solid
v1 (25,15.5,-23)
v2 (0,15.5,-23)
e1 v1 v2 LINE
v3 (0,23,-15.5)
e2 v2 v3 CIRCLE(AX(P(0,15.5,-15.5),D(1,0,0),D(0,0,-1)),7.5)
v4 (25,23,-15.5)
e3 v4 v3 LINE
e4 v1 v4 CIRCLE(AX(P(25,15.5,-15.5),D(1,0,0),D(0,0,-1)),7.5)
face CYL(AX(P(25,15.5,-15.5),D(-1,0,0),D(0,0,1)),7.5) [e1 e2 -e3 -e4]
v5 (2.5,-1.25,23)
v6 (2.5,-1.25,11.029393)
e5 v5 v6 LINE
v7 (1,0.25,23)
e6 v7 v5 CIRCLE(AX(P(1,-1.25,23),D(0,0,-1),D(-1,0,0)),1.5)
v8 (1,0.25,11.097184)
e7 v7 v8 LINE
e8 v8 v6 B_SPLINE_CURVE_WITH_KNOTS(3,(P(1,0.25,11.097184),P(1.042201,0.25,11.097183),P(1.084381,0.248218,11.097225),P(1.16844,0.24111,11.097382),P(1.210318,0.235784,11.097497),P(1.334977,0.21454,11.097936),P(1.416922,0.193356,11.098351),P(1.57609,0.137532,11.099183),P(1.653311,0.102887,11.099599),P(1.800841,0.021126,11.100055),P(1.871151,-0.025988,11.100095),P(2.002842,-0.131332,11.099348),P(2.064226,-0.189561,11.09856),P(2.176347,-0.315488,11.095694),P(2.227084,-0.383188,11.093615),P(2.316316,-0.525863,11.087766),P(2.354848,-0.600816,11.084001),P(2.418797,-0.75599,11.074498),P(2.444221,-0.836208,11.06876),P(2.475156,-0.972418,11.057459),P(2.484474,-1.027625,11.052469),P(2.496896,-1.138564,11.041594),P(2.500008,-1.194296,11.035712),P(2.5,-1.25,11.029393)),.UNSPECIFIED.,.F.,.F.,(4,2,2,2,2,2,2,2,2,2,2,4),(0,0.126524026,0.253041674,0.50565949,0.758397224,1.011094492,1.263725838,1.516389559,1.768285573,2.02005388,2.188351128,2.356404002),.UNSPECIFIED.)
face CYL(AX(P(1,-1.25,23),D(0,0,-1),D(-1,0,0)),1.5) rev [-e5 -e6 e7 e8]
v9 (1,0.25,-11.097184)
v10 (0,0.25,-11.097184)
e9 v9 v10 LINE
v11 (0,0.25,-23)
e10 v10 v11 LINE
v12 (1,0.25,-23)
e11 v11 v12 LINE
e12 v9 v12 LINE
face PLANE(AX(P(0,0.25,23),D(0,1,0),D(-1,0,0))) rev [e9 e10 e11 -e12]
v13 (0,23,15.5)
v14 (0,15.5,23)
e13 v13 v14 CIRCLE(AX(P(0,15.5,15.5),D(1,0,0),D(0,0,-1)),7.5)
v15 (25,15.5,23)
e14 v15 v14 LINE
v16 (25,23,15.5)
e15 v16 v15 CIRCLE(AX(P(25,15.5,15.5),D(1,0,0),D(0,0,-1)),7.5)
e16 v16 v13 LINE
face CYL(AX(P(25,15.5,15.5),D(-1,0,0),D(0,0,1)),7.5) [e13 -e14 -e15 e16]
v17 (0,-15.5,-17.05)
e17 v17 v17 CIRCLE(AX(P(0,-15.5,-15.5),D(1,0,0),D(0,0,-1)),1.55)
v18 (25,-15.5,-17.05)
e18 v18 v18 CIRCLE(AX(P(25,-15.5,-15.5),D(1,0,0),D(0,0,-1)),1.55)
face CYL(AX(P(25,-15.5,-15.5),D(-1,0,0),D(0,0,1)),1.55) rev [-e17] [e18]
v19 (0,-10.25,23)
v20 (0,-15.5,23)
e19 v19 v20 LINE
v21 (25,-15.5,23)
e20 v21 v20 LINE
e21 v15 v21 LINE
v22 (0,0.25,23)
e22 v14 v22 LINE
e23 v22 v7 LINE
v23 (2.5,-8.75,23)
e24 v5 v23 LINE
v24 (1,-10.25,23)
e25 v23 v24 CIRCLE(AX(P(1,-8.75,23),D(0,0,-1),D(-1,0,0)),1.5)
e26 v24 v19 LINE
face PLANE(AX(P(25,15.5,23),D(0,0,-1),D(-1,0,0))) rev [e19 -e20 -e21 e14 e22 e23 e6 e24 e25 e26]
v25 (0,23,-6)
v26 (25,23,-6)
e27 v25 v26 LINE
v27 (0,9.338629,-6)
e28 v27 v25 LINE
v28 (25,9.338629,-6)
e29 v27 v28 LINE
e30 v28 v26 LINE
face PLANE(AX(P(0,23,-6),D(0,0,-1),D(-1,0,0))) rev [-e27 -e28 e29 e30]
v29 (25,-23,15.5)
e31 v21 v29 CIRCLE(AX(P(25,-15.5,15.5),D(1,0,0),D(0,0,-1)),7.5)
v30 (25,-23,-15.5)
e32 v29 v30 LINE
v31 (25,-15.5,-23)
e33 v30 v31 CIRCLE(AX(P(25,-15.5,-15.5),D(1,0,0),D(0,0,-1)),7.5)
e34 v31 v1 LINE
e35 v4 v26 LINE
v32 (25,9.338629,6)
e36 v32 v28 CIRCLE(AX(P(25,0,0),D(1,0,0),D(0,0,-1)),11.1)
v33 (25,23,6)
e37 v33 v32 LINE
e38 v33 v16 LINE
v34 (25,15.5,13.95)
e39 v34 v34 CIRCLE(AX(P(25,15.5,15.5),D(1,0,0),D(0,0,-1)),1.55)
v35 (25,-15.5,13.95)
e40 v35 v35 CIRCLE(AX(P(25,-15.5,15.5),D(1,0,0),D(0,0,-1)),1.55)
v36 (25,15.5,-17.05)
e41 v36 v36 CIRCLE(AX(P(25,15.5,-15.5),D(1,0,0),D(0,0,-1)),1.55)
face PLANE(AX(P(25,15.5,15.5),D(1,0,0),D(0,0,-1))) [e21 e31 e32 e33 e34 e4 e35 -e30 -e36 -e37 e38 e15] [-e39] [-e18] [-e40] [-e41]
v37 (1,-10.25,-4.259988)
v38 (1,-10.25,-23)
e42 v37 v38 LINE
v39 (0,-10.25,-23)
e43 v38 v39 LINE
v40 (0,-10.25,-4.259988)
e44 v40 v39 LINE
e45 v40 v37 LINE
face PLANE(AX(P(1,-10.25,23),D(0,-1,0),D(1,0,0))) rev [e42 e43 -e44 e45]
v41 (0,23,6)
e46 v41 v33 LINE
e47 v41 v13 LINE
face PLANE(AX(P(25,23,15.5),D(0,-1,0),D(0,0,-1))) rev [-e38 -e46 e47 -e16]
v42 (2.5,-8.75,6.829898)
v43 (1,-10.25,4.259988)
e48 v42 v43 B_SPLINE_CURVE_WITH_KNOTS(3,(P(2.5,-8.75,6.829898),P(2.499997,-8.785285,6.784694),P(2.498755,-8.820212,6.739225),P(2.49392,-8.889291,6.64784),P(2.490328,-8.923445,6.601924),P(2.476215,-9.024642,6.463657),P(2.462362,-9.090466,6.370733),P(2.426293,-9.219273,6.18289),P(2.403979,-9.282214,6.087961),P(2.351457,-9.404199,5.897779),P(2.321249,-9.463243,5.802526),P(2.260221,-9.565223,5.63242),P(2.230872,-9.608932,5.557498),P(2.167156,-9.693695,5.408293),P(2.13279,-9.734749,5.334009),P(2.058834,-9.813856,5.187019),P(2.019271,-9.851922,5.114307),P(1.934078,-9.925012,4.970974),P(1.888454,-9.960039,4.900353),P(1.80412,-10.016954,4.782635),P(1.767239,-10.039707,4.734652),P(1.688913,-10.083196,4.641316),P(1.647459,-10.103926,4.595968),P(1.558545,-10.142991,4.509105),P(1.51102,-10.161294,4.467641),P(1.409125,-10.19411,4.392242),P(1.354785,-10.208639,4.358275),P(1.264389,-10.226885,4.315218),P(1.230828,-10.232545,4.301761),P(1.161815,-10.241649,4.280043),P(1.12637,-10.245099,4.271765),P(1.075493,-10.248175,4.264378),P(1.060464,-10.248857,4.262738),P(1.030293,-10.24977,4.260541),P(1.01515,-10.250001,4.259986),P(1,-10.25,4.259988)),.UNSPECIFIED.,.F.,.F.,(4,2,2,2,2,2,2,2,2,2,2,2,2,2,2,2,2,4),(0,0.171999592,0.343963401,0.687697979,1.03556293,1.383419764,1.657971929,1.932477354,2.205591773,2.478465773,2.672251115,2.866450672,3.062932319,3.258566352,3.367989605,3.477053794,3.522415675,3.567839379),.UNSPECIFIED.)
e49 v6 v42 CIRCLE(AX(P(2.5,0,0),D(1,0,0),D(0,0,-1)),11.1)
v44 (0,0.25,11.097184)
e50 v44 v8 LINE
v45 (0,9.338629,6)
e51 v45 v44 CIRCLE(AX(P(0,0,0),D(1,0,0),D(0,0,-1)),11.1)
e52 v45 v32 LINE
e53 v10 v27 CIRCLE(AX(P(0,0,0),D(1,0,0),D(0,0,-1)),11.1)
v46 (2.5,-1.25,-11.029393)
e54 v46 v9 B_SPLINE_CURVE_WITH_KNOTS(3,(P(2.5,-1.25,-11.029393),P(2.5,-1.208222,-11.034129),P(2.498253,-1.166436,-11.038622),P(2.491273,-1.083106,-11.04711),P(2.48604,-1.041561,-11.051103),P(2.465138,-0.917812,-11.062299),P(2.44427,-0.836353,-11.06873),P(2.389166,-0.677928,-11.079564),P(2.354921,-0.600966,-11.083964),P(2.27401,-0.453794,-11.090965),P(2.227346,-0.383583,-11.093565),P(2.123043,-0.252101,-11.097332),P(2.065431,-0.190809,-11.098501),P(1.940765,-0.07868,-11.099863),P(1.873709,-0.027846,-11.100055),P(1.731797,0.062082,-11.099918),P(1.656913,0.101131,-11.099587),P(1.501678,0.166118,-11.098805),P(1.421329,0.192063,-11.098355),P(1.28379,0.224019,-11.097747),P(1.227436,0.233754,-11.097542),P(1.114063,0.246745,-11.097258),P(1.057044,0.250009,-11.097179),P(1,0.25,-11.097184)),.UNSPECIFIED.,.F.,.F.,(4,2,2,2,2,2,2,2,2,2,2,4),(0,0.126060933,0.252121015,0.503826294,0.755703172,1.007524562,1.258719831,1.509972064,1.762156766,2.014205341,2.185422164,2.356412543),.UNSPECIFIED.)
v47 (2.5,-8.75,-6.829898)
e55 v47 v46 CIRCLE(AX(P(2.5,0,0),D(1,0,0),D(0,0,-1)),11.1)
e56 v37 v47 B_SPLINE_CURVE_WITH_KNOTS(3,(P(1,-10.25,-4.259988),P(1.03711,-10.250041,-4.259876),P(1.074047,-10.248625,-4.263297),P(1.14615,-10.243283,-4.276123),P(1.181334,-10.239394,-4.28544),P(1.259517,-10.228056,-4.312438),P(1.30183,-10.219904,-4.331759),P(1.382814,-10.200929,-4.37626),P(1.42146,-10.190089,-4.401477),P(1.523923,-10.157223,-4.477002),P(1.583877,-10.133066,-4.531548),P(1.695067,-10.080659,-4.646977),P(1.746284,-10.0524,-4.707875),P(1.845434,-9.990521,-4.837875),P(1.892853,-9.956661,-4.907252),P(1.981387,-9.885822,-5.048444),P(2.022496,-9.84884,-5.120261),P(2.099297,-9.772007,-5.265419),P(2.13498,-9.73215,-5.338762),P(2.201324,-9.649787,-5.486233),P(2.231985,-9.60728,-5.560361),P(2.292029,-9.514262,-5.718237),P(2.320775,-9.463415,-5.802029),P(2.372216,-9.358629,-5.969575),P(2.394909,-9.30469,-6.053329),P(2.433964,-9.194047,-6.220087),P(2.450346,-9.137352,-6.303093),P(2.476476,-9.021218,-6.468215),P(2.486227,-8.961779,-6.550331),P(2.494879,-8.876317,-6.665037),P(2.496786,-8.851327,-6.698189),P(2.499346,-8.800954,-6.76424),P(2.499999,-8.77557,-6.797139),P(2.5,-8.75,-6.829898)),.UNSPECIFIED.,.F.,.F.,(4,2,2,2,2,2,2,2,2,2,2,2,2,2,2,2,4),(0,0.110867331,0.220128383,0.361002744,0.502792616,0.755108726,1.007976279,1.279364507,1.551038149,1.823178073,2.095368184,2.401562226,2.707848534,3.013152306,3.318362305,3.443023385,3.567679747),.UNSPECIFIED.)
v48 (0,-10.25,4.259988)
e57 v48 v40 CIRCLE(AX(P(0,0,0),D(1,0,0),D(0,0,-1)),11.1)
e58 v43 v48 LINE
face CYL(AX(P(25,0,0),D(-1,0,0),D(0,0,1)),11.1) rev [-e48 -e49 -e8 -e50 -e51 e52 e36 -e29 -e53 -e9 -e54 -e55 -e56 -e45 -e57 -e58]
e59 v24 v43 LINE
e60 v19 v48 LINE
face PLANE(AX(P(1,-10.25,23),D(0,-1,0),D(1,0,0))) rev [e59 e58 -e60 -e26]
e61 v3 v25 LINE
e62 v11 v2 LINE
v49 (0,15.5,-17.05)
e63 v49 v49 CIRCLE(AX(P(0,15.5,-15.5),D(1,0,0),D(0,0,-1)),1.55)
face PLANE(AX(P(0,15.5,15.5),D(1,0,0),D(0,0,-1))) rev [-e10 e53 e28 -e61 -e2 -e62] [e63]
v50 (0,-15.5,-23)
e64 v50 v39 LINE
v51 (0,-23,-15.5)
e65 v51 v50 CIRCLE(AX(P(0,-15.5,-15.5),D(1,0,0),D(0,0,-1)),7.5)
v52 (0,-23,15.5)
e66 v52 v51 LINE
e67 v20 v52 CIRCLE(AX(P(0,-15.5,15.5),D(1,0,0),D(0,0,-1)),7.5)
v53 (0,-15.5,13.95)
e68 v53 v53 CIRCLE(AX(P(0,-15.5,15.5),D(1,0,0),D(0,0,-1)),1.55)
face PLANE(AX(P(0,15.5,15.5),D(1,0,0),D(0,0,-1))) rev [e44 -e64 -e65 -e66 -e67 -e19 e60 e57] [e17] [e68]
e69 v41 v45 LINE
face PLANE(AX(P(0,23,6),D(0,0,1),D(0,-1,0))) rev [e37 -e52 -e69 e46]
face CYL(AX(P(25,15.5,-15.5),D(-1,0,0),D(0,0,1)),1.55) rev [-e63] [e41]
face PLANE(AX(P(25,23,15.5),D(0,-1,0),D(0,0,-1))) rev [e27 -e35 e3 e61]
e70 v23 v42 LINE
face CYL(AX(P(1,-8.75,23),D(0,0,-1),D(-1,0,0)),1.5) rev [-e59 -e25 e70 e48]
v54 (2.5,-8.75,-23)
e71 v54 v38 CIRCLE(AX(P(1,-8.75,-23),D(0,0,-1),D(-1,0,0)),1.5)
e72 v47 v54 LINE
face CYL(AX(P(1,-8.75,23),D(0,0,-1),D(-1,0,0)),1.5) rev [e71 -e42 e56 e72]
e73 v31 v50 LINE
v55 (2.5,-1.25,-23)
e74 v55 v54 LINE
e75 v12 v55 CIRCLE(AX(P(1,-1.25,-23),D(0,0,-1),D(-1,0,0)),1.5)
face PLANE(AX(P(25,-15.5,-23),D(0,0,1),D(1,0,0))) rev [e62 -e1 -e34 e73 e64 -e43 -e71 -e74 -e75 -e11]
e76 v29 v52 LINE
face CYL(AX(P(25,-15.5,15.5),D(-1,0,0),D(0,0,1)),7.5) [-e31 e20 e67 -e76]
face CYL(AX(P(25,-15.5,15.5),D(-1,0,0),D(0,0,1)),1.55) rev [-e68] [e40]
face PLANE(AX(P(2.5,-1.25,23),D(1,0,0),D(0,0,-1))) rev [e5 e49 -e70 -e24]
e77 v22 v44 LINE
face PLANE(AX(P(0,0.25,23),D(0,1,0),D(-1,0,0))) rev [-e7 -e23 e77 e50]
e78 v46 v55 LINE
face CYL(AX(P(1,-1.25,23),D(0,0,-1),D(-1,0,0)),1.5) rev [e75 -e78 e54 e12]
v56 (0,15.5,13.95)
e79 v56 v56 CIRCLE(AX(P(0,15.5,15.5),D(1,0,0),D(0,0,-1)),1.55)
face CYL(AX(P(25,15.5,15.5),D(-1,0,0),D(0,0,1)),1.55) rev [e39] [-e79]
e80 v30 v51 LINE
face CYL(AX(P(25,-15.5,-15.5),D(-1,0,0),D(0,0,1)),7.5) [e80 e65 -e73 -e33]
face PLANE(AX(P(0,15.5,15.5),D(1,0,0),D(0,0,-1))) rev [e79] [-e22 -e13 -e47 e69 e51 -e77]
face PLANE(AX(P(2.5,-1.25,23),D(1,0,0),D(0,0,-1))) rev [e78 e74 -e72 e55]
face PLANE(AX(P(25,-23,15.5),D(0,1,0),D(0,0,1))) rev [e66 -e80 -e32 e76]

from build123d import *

# Parameters (mm, degrees)
CROQUIS1_R              = 11.1
CROQUIS1_R_2            = 1.55
SALIENTE_EXTRUIR1_DEPTH = 25
CORTAR_EXTRUIR1_DEPTH   = 42.024382994
CORTAR_EXTRUIR2_DEPTH   = 58.183913822


with BuildPart() as part:
    # Croquis1 → Saliente-Extruir1 (new body)
    with BuildSketch(Plane(origin=(0, 0, 0), x_dir=(0, 0, -1), z_dir=(1, 0, 0))):
        with BuildLine():
            Line((-15.5, 23), (15.5, 23))
            ThreePointArc((15.5, 23), (20.803300859, 20.803300859), (23, 15.5))
            Line((23, 15.5), (23, -15.5))
            ThreePointArc((23, -15.5), (20.803300859, -20.803300859), (15.5, -23))
            Line((15.5, -23), (-15.5, -23))
            ThreePointArc((-15.5, -23), (-20.803300859, -20.803300859), (-23, -15.5))
            Line((-23, -15.5), (-23, 15.5))
            ThreePointArc((-23, 15.5), (-20.803300859, 20.803300859), (-15.5, 23))
        make_face()
        Circle(CROQUIS1_R, mode=Mode.SUBTRACT)
        with Locations((-15.5, 15.5)):
            Circle(CROQUIS1_R_2, mode=Mode.SUBTRACT)
        with Locations((15.5, 15.5)):
            Circle(CROQUIS1_R_2, mode=Mode.SUBTRACT)
        with Locations((15.5, -15.5)):
            Circle(CROQUIS1_R_2, mode=Mode.SUBTRACT)
        with Locations((-15.5, -15.5)):
            Circle(CROQUIS1_R_2, mode=Mode.SUBTRACT)
    extrude(amount=SALIENTE_EXTRUIR1_DEPTH)

    # Croquis2 → Cortar-Extruir1 (cut, through all)
    with BuildSketch(Plane(origin=(25, 0, 0), x_dir=(0, 0, -1), z_dir=(1, 0, 0))):
        with BuildLine():
            Line((-6, 23), (-6, 9.33862945))
            ThreePointArc((-6, 9.33862945), (0, 11.1), (6, 9.33862945))
            Line((6, 9.33862945), (6, 23))
            Line((6, 23), (-6, 23))
        make_face()
    extrude(amount=-CORTAR_EXTRUIR1_DEPTH, mode=Mode.SUBTRACT)

    # Croquis3 → Cortar-Extruir2 (cut, through all)
    with BuildSketch(Plane(origin=(0, 0, -23), x_dir=(-1, 0, 0), z_dir=(0, 0, -1))):
        with BuildLine():
            Line((0, 0.25), (-1, 0.25))
            ThreePointArc((-1, 0.25), (-2.060660172, -0.189339828), (-2.5, -1.25))
            Line((-2.5, -1.25), (-2.5, -8.75))
            ThreePointArc((-2.5, -8.75), (-2.060660172, -9.810660172), (-1, -10.25))
            Line((-1, -10.25), (0, -10.25))
            Line((0, -10.25), (0, 0.25))
        make_face()
    extrude(amount=-CORTAR_EXTRUIR2_DEPTH, mode=Mode.SUBTRACT)


solid = part.part
